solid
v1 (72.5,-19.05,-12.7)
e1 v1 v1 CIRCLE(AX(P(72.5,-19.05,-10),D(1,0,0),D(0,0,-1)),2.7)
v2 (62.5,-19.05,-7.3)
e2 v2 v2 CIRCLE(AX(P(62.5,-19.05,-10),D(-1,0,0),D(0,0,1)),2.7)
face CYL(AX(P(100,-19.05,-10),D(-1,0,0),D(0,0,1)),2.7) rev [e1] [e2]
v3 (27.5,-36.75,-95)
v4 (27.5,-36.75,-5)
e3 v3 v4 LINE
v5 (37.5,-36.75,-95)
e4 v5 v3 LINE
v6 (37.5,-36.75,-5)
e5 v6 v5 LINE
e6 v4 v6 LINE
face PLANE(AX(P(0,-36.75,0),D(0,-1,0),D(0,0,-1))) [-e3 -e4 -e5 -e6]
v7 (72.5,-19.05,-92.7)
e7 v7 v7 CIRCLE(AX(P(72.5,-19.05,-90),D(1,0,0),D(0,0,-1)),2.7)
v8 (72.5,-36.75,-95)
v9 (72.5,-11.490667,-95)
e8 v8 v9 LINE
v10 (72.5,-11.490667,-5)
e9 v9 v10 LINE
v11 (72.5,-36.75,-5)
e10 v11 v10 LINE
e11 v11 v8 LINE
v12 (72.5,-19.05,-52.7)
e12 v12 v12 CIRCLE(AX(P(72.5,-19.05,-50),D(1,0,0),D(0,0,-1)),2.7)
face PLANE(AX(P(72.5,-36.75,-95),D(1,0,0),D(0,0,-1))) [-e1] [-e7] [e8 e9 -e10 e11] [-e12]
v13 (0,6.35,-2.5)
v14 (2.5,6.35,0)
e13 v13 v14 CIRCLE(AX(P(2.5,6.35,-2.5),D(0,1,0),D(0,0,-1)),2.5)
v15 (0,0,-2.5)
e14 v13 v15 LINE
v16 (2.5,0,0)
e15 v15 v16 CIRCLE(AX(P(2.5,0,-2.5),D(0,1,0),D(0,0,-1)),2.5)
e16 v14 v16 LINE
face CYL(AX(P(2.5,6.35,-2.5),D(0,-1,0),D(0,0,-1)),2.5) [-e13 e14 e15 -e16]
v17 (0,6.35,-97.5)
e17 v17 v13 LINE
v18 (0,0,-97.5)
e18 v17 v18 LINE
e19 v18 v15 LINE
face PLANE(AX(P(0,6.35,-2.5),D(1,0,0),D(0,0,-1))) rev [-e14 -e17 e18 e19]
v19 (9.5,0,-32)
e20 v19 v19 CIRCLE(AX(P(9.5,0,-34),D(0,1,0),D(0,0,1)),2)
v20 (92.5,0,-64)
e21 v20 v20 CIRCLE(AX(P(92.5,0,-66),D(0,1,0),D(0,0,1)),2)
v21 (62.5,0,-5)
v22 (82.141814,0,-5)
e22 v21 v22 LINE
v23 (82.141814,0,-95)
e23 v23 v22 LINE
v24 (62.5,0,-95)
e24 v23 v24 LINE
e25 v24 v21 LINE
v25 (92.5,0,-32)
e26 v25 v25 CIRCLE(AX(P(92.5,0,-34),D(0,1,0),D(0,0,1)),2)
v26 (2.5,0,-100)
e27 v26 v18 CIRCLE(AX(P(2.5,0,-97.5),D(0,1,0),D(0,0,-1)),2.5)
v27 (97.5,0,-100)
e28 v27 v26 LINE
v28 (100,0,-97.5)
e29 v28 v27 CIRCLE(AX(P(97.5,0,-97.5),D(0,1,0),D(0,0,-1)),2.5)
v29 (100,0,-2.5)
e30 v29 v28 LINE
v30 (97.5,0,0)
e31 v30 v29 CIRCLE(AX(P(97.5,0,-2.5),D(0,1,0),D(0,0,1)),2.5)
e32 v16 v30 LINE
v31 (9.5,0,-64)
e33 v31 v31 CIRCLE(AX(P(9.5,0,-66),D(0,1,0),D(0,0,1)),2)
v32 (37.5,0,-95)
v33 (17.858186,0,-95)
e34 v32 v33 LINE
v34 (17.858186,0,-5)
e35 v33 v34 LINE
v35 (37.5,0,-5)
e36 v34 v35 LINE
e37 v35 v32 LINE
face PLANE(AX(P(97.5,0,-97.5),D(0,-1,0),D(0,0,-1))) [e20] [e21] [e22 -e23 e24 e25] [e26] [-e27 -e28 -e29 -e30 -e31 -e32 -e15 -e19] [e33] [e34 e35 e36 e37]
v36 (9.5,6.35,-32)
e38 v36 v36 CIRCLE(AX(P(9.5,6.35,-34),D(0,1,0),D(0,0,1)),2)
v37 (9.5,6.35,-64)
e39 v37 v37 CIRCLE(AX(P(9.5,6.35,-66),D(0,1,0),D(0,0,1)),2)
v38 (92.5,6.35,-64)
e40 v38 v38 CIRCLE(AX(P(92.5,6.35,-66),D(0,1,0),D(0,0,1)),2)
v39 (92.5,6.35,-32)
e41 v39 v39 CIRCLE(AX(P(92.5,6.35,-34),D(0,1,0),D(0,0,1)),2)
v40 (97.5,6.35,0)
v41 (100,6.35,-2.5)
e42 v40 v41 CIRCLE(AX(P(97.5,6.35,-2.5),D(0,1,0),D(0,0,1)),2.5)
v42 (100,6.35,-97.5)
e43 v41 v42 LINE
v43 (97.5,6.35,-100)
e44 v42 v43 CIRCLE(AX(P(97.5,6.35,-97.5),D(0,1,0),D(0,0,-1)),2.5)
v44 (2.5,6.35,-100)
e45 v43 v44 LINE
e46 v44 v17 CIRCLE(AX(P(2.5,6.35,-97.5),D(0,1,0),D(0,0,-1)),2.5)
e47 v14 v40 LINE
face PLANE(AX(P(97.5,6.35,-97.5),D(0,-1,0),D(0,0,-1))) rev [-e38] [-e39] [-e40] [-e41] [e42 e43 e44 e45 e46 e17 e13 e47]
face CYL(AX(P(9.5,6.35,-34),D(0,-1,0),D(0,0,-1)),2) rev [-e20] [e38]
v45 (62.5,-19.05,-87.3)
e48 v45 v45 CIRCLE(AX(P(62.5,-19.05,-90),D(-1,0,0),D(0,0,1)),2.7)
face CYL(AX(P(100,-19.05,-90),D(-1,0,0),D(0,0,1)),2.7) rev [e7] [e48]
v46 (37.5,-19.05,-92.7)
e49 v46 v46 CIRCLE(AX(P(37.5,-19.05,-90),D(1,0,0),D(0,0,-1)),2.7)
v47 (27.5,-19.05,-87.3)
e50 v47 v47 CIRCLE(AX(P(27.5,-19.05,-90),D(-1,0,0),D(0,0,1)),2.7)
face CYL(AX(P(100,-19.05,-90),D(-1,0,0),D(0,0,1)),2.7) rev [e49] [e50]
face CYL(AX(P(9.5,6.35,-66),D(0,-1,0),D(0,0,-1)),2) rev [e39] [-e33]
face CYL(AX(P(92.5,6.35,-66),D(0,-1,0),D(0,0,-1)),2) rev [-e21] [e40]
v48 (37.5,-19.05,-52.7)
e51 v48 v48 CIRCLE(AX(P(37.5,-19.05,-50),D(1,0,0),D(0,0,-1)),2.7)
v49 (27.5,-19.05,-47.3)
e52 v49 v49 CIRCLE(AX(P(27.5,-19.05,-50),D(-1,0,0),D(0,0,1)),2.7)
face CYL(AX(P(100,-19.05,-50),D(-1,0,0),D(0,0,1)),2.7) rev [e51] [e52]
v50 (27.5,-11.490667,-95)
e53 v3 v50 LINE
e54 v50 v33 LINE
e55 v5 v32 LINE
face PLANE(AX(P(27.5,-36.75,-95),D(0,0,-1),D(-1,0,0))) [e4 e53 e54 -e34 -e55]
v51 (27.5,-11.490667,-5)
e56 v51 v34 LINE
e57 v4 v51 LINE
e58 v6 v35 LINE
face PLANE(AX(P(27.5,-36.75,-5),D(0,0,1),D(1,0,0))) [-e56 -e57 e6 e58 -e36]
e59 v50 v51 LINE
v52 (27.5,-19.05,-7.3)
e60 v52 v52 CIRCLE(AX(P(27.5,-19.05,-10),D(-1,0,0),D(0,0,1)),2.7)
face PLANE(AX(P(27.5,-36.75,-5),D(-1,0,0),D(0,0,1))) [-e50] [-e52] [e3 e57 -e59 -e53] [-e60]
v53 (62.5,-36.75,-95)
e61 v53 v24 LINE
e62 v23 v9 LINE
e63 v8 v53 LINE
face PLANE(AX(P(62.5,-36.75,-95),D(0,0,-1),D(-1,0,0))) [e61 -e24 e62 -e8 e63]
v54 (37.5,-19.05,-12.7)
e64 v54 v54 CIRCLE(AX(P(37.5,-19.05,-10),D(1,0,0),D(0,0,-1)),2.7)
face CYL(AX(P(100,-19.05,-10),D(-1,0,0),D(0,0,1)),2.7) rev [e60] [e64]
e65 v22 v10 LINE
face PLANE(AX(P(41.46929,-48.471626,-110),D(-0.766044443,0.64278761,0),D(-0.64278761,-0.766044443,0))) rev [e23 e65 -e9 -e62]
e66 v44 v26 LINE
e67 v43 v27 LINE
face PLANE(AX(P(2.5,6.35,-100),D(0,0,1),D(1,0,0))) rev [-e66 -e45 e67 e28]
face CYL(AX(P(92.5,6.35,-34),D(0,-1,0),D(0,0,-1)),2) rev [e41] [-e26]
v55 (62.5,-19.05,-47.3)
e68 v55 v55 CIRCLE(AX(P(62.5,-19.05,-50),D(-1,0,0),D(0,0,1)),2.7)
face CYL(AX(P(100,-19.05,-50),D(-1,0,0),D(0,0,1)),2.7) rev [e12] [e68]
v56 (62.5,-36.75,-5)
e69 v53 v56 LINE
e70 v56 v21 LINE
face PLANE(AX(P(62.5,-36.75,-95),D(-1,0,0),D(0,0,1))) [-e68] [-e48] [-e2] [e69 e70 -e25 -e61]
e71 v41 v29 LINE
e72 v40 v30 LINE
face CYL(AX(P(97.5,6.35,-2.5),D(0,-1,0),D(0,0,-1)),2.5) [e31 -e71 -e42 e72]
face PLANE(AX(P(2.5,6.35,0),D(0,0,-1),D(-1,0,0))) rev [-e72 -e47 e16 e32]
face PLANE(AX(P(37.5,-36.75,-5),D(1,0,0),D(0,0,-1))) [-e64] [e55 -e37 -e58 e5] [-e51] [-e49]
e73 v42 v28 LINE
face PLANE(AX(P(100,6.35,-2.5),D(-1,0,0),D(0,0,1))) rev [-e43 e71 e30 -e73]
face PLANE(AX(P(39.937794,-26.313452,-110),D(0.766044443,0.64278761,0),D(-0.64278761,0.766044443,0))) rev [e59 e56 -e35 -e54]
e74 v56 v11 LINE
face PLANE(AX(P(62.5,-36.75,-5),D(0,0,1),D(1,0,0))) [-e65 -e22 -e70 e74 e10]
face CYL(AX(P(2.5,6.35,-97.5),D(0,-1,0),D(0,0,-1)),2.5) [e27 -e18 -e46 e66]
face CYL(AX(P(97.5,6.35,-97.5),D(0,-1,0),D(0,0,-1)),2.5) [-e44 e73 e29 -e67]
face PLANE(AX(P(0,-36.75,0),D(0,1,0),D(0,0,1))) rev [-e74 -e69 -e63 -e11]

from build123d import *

# Parameters (mm, degrees)
SKETCH1_R           = 2
BOSS_EXTRUDE1_DEPTH = 6.35
SKETCH4_W           = 10
SKETCH4_H           = 90
BOSS_EXTRUDE2_DEPTH = 36.75
SKETCH5_R           = 2.7
CUT_EXTRUDE1_DEPTH  = 129.867422183
BOSS_EXTRUDE3_DEPTH = 90


with BuildPart() as part:
    # Sketch1 → Boss-Extrude1 (new body)
    with BuildSketch(Plane(origin=(0, 0, 0), x_dir=(1, 0, 0), z_dir=(0, 1, 0))):
        with BuildLine():
            Line((2.5, 0), (97.5, 0))
            ThreePointArc((97.5, 0), (99.267766953, 0.732233047), (100, 2.5))
            Line((100, 2.5), (100, 97.5))
            ThreePointArc((100, 97.5), (99.267766953, 99.267766953), (97.5, 100))
            Line((97.5, 100), (2.5, 100))
            ThreePointArc((2.5, 100), (0.732233047, 99.267766953), (0, 97.5))
            Line((0, 97.5), (0, 2.5))
            ThreePointArc((0, 2.5), (0.732233047, 0.732233047), (2.5, 0))
        make_face()
        with Locations(Location((9.5, 34, 0), (0, 0, 270))):
            Circle(SKETCH1_R, mode=Mode.SUBTRACT)
        with Locations(Location((9.5, 66, 0), (0, 0, 270))):
            Circle(SKETCH1_R, mode=Mode.SUBTRACT)
        with Locations(Location((92.5, 66, 0), (0, 0, 270))):
            Circle(SKETCH1_R, mode=Mode.SUBTRACT)
        with Locations(Location((92.5, 34, 0), (0, 0, 270))):
            Circle(SKETCH1_R, mode=Mode.SUBTRACT)
    extrude(amount=BOSS_EXTRUDE1_DEPTH)

    # Sketch4 → Boss-Extrude2 (add)
    with BuildSketch(Plane(origin=(0, 0, 0), x_dir=(1, 0, 0), z_dir=(0, 1, 0))):
        with Locations((32.5, 50)):
            Rectangle(SKETCH4_W, SKETCH4_H)
        with Locations((67.5, 50)):
            Rectangle(SKETCH4_W, SKETCH4_H)
    extrude(amount=-BOSS_EXTRUDE2_DEPTH)

    # Sketch5 → Cut-Extrude1 (cut, through all)
    with BuildSketch(Plane.ZY.offset(-27.5)):
        with Locations((-90, -19.05)):
            Circle(SKETCH5_R)
        with Locations((-50, -19.05)):
            Circle(SKETCH5_R)
        with Locations((-10, -19.05)):
            Circle(SKETCH5_R)
    extrude(amount=-CUT_EXTRUDE1_DEPTH, mode=Mode.SUBTRACT)

    # Sketch6 → Boss-Extrude3 (add)
    with BuildSketch(Plane.XY.offset(-5)):
        Polygon((72.5, 0), (82.141814145, 0), (72.5, -11.490666647), align=None)
        Polygon((27.5, 0), (17.858185855, 0), (27.5, -11.490666647), align=None)
    extrude(amount=-BOSS_EXTRUDE3_DEPTH)


solid = part.part
